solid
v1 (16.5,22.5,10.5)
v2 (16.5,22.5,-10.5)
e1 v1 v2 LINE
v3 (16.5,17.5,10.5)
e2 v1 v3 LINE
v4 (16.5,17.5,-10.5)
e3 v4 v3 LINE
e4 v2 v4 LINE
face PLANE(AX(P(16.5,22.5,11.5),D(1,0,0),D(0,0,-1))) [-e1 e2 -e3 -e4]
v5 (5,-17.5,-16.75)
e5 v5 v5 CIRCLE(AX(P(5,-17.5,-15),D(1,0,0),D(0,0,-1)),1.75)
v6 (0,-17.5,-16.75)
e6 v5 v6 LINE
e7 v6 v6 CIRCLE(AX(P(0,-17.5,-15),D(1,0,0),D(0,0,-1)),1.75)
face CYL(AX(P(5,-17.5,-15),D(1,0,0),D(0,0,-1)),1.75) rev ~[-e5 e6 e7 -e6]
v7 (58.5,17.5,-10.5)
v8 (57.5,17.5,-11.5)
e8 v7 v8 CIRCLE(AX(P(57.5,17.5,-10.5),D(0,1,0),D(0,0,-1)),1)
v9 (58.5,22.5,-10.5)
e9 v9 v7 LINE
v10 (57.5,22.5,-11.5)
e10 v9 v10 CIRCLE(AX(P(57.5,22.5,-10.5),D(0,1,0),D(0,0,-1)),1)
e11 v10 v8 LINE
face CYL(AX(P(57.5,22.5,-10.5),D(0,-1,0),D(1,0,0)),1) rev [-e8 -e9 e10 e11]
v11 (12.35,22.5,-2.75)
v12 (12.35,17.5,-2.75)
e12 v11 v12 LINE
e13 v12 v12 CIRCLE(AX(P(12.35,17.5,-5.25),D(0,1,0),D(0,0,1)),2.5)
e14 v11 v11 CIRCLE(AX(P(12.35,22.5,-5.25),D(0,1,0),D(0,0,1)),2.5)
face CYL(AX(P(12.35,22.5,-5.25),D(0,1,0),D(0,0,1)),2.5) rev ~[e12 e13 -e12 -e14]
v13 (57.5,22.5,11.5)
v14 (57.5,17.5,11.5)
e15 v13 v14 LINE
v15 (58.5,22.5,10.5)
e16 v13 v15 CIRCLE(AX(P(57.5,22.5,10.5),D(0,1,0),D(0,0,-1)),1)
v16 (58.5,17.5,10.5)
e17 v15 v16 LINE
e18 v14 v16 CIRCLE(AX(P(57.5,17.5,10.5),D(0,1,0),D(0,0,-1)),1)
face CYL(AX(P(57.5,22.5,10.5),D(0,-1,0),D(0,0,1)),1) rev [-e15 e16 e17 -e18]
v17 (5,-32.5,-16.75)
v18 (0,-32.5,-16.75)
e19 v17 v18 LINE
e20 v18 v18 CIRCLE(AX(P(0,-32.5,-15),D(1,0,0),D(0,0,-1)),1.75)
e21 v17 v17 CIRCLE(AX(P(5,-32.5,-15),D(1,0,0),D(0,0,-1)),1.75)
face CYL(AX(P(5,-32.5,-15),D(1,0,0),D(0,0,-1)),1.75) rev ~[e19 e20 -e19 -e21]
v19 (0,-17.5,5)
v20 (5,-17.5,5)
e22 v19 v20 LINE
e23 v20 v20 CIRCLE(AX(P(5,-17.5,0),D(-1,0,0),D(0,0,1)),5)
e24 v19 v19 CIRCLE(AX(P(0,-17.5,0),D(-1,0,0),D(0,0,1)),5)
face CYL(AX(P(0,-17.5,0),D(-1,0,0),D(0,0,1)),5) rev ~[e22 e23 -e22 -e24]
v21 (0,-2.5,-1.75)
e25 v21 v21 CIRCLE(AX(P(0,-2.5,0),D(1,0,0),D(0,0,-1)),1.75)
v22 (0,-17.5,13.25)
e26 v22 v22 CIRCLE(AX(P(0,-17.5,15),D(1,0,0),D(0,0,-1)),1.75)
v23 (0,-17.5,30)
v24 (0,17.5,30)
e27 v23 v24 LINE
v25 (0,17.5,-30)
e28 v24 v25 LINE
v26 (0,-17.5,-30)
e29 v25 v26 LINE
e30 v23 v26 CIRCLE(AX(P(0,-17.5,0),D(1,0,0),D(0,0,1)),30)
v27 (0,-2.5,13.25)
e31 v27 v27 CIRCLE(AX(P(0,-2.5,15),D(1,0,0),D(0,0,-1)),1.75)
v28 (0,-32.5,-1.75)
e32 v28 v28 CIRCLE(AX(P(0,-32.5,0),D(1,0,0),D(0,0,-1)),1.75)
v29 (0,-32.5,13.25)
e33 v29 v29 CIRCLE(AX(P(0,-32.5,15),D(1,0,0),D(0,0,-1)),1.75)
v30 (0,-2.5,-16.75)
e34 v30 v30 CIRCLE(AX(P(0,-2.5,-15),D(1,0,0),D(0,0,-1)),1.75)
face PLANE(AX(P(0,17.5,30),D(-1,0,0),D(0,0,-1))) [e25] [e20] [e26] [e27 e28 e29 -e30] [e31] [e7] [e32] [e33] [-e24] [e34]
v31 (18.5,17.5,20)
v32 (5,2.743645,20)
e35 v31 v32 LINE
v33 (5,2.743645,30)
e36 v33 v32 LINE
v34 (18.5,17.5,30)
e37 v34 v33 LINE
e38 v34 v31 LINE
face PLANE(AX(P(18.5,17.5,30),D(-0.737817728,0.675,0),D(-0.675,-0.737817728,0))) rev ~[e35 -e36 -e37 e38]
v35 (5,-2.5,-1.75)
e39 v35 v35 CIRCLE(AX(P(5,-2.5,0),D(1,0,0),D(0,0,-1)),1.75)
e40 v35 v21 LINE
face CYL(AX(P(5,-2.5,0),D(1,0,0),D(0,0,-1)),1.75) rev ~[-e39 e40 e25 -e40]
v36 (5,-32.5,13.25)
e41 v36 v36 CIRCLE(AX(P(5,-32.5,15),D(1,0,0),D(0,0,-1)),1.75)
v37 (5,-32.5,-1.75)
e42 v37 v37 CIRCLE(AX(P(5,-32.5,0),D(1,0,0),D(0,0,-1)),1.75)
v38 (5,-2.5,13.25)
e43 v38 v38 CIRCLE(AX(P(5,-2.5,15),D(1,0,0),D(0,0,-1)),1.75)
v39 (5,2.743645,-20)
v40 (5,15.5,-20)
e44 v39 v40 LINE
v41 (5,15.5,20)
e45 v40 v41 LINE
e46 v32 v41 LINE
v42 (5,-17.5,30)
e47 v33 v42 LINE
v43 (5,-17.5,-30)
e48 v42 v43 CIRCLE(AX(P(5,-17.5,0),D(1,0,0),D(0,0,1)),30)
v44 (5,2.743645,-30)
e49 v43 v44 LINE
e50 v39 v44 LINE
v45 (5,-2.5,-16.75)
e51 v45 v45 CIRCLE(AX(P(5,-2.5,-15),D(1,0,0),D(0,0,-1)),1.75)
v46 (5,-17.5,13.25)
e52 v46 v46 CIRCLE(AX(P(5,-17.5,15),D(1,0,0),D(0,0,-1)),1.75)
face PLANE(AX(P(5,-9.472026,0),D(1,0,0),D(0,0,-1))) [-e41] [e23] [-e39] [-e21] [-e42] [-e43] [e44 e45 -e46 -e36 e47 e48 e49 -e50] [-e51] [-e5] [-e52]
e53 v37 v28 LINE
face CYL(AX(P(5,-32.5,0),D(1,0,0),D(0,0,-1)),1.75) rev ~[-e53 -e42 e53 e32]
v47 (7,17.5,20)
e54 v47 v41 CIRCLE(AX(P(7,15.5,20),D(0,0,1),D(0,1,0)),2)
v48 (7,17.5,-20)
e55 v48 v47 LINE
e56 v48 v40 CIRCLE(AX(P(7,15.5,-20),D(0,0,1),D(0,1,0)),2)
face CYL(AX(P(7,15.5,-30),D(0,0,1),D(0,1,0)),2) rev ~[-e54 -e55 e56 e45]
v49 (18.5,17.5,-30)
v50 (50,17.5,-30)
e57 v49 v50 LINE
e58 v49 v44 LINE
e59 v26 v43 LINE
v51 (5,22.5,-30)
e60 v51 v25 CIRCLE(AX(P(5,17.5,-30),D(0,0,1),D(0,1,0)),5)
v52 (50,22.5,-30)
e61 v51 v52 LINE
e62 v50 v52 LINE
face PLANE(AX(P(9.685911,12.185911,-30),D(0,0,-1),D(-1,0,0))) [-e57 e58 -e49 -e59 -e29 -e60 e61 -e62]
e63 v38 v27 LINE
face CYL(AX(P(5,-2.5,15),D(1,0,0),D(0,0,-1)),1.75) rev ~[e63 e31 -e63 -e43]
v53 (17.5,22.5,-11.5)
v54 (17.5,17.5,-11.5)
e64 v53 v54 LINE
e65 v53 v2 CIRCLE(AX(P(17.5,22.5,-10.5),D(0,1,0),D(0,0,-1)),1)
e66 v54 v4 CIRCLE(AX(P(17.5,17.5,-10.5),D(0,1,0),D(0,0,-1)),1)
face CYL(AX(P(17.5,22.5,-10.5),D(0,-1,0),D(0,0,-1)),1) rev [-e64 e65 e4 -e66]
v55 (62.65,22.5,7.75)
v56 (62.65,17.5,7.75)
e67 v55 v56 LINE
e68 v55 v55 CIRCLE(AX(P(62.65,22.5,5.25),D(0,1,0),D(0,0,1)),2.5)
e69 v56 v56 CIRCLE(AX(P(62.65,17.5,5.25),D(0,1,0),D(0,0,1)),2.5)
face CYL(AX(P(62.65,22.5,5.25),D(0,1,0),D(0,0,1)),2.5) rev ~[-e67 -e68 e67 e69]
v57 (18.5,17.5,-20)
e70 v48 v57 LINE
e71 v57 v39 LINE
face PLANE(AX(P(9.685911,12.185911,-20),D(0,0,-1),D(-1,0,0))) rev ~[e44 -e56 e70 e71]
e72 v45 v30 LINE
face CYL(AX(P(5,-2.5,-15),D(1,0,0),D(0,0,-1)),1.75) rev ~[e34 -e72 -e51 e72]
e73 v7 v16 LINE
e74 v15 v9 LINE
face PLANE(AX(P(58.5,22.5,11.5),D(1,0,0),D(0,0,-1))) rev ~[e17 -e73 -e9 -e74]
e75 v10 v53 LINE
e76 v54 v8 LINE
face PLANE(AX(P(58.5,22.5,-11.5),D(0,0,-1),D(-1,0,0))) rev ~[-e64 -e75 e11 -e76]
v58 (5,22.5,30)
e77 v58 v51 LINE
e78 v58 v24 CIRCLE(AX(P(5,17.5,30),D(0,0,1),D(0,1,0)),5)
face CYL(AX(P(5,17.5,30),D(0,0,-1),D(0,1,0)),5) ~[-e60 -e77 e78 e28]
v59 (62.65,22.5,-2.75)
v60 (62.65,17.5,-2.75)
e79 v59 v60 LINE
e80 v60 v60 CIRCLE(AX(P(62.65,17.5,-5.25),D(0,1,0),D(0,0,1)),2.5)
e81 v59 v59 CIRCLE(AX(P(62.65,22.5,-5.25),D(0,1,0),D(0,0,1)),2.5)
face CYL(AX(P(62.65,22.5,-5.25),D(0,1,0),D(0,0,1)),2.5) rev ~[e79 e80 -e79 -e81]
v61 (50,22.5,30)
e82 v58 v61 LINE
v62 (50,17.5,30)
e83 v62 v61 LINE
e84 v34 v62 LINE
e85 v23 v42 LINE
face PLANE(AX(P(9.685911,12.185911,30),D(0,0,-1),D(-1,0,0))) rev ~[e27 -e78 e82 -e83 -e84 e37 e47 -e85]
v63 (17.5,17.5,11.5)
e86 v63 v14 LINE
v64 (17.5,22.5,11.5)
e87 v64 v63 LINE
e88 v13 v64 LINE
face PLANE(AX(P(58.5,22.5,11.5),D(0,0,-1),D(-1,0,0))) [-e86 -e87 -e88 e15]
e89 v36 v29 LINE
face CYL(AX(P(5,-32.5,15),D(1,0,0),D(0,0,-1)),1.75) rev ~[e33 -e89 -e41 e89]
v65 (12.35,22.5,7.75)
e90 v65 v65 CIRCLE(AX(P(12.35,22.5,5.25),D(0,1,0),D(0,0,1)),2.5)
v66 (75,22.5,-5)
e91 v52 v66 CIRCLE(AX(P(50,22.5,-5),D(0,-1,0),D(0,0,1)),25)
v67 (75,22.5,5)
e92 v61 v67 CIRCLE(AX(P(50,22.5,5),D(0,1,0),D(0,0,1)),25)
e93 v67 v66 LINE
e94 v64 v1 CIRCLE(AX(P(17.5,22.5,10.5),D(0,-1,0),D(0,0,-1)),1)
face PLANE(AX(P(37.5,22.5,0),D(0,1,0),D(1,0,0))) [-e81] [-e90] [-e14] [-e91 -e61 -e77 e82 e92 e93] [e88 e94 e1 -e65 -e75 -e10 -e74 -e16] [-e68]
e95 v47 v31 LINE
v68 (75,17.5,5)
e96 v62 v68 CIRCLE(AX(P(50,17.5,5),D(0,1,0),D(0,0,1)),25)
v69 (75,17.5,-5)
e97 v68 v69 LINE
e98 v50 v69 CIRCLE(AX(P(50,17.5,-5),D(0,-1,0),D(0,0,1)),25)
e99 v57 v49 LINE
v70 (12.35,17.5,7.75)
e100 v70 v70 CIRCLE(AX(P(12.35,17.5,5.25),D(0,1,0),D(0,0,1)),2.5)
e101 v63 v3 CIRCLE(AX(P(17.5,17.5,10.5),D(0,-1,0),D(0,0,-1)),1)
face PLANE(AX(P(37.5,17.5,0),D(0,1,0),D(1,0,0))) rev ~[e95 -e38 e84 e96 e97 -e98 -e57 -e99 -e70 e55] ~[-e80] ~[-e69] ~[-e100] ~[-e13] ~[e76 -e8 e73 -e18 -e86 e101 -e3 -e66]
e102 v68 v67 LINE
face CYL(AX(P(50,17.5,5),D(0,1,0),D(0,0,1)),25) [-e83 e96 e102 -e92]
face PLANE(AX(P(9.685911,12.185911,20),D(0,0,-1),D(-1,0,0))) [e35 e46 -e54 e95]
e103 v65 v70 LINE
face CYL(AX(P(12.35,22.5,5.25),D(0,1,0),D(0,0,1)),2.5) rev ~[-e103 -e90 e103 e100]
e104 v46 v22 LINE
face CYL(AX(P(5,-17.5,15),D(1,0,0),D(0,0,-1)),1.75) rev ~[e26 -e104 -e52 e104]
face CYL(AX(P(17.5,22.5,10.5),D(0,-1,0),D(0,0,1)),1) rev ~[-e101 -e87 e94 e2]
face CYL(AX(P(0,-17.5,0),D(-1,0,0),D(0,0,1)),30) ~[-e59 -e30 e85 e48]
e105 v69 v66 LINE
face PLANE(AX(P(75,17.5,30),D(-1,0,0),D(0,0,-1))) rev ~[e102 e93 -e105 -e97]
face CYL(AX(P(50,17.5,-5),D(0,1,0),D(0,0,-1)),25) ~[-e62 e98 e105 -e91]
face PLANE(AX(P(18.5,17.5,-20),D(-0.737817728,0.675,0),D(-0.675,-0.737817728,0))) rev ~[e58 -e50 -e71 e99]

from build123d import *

# Parameters (mm, degrees)
BOSS_EXTRUDE1_DEPTH = 5
CUT_EXTRUDE1_REACH  = 58.403
SKETCH2_R           = 1.75
SKETCH4_W           = 75
SKETCH4_H           = 60
BOSS_EXTRUDE2_DEPTH = 5
CUT_EXTRUDE2_REACH  = 90.459
SKETCH3_R           = 2.5
SKETCH3_W           = 23
SKETCH3_H           = 42
FILLET1_R           = 25
FILLET2_R           = 5
FILLET3_R           = 2
FILLET4_R           = 1
BOSS_EXTRUDE3_DEPTH = 10
LPATTERN1_COUNT     = 2
LPATTERN1_PITCH     = 50
CUT_EXTRUDE3_REACH  = 95.708
SKETCH7_R           = 5


with BuildPart() as part:
    # Sketch1 → Boss-Extrude1 (new body)
    with BuildSketch(Plane(origin=(0, 0, 0), x_dir=(0, 0, -1), z_dir=(1, 0, 0))):
        with BuildLine():
            ThreePointArc((-30, -17.5), (0, -47.5), (30, -17.5))
            Line((30, -17.5), (30, 17.5))
            Line((30, 17.5), (-30, 17.5))
            Line((-30, 17.5), (-30, -17.5))
        make_face()
    extrude(amount=BOSS_EXTRUDE1_DEPTH)

    # Sketch2 → Cut-Extrude1 (cut, up to next)
    with BuildSketch(Plane(origin=(5, 0, 0), x_dir=(0, 0, -1), z_dir=(1, 0, 0)), mode=Mode.PRIVATE) as cut_extrude1_sk1:
        with Locations((-15, -32.5)):
            Circle(SKETCH2_R)
    cut_extrude1_tool1 = extrude(cut_extrude1_sk1.sketch, amount=-CUT_EXTRUDE1_REACH, mode=Mode.PRIVATE) & part.part
    # Sketch2 → Cut-Extrude1 (cut, up to next)
    with BuildSketch(Plane(origin=(5, 0, 0), x_dir=(0, 0, -1), z_dir=(1, 0, 0)), mode=Mode.PRIVATE) as cut_extrude1_sk2:
        with Locations((15, -32.5)):
            Circle(SKETCH2_R)
    cut_extrude1_tool2 = extrude(cut_extrude1_sk2.sketch, amount=-CUT_EXTRUDE1_REACH, mode=Mode.PRIVATE) & part.part
    # Sketch2 → Cut-Extrude1 (cut, up to next)
    with BuildSketch(Plane(origin=(5, 0, 0), x_dir=(0, 0, -1), z_dir=(1, 0, 0)), mode=Mode.PRIVATE) as cut_extrude1_sk3:
        with Locations((-15, -2.5)):
            Circle(SKETCH2_R)
    cut_extrude1_tool3 = extrude(cut_extrude1_sk3.sketch, amount=-CUT_EXTRUDE1_REACH, mode=Mode.PRIVATE) & part.part
    # Sketch2 → Cut-Extrude1 (cut, up to next)
    with BuildSketch(Plane(origin=(5, 0, 0), x_dir=(0, 0, -1), z_dir=(1, 0, 0)), mode=Mode.PRIVATE) as cut_extrude1_sk4:
        with Locations((0, -2.5)):
            Circle(SKETCH2_R)
    cut_extrude1_tool4 = extrude(cut_extrude1_sk4.sketch, amount=-CUT_EXTRUDE1_REACH, mode=Mode.PRIVATE) & part.part
    # Sketch2 → Cut-Extrude1 (cut, up to next)
    with BuildSketch(Plane(origin=(5, 0, 0), x_dir=(0, 0, -1), z_dir=(1, 0, 0)), mode=Mode.PRIVATE) as cut_extrude1_sk5:
        with Locations((15, -2.5)):
            Circle(SKETCH2_R)
    cut_extrude1_tool5 = extrude(cut_extrude1_sk5.sketch, amount=-CUT_EXTRUDE1_REACH, mode=Mode.PRIVATE) & part.part
    # Sketch2 → Cut-Extrude1 (cut, up to next)
    with BuildSketch(Plane(origin=(5, 0, 0), x_dir=(0, 0, -1), z_dir=(1, 0, 0)), mode=Mode.PRIVATE) as cut_extrude1_sk6:
        with Locations((0, -32.5)):
            Circle(SKETCH2_R)
    cut_extrude1_tool6 = extrude(cut_extrude1_sk6.sketch, amount=-CUT_EXTRUDE1_REACH, mode=Mode.PRIVATE) & part.part
    # Sketch2 → Cut-Extrude1 (cut, up to next)
    with BuildSketch(Plane(origin=(5, 0, 0), x_dir=(0, 0, -1), z_dir=(1, 0, 0)), mode=Mode.PRIVATE) as cut_extrude1_sk7:
        with Locations((-15, -17.5)):
            Circle(SKETCH2_R)
    cut_extrude1_tool7 = extrude(cut_extrude1_sk7.sketch, amount=-CUT_EXTRUDE1_REACH, mode=Mode.PRIVATE) & part.part
    # Sketch2 → Cut-Extrude1 (cut, up to next)
    with BuildSketch(Plane(origin=(5, 0, 0), x_dir=(0, 0, -1), z_dir=(1, 0, 0)), mode=Mode.PRIVATE) as cut_extrude1_sk8:
        with Locations((15, -17.5)):
            Circle(SKETCH2_R)
    cut_extrude1_tool8 = extrude(cut_extrude1_sk8.sketch, amount=-CUT_EXTRUDE1_REACH, mode=Mode.PRIVATE) & part.part
    add(cut_extrude1_tool1.solids().sort_by_distance((5, -32.5, 15))[0], mode=Mode.SUBTRACT)
    add(cut_extrude1_tool2.solids().sort_by_distance((5, -32.5, -15))[0], mode=Mode.SUBTRACT)
    add(cut_extrude1_tool3.solids().sort_by_distance((5, -2.5, 15))[0], mode=Mode.SUBTRACT)
    add(cut_extrude1_tool4.solids().sort_by_distance((5, -2.5, 0))[0], mode=Mode.SUBTRACT)
    add(cut_extrude1_tool5.solids().sort_by_distance((5, -2.5, -15))[0], mode=Mode.SUBTRACT)
    add(cut_extrude1_tool6.solids().sort_by_distance((5, -32.5, 0))[0], mode=Mode.SUBTRACT)
    add(cut_extrude1_tool7.solids().sort_by_distance((5, -17.5, 15))[0], mode=Mode.SUBTRACT)
    add(cut_extrude1_tool8.solids().sort_by_distance((5, -17.5, -15))[0], mode=Mode.SUBTRACT)

    # Sketch4 → Boss-Extrude2 (add)
    with BuildSketch(Plane(origin=(0, 17.5, 0), x_dir=(1, 0, 0), z_dir=(0, 1, 0))):
        with Locations((37.5, 0)):
            Rectangle(SKETCH4_W, SKETCH4_H)
    extrude(amount=BOSS_EXTRUDE2_DEPTH)

    # Sketch3 → Cut-Extrude2 (cut, up to next)
    with BuildSketch(Plane(origin=(30, 22.5, 0), x_dir=(0, 0, -1), z_dir=(0, 1, 0)), mode=Mode.PRIVATE) as cut_extrude2_sk1:
        with Locations((-5.25, 17.65)):
            Circle(SKETCH3_R)
    cut_extrude2_tool1 = extrude(cut_extrude2_sk1.sketch, amount=-CUT_EXTRUDE2_REACH, mode=Mode.PRIVATE) & part.part
    # Sketch3 → Cut-Extrude2 (cut, up to next)
    with BuildSketch(Plane(origin=(30, 22.5, 0), x_dir=(0, 0, -1), z_dir=(0, 1, 0)), mode=Mode.PRIVATE) as cut_extrude2_sk2:
        with Locations((5.25, 17.65)):
            Circle(SKETCH3_R)
    cut_extrude2_tool2 = extrude(cut_extrude2_sk2.sketch, amount=-CUT_EXTRUDE2_REACH, mode=Mode.PRIVATE) & part.part
    # Sketch3 → Cut-Extrude2 (cut, up to next)
    with BuildSketch(Plane(origin=(30, 22.5, 0), x_dir=(0, 0, -1), z_dir=(0, 1, 0)), mode=Mode.PRIVATE) as cut_extrude2_sk3:
        with Locations((5.25, -32.65)):
            Circle(SKETCH3_R)
    cut_extrude2_tool3 = extrude(cut_extrude2_sk3.sketch, amount=-CUT_EXTRUDE2_REACH, mode=Mode.PRIVATE) & part.part
    # Sketch3 → Cut-Extrude2 (cut, up to next)
    with BuildSketch(Plane(origin=(30, 22.5, 0), x_dir=(0, 0, -1), z_dir=(0, 1, 0)), mode=Mode.PRIVATE) as cut_extrude2_sk4:
        with Locations((-5.25, -32.65)):
            Circle(SKETCH3_R)
    cut_extrude2_tool4 = extrude(cut_extrude2_sk4.sketch, amount=-CUT_EXTRUDE2_REACH, mode=Mode.PRIVATE) & part.part
    # Sketch3 → Cut-Extrude2 (cut, up to next)
    with BuildSketch(Plane(origin=(30, 22.5, 0), x_dir=(0, 0, -1), z_dir=(0, 1, 0)), mode=Mode.PRIVATE) as cut_extrude2_sk5:
        with Locations((0, -7.5)):
            Rectangle(SKETCH3_W, SKETCH3_H)
    cut_extrude2_tool5 = extrude(cut_extrude2_sk5.sketch, amount=-CUT_EXTRUDE2_REACH, mode=Mode.PRIVATE) & part.part
    add(cut_extrude2_tool1.solids().sort_by_distance((12.35, 22.5, 5.25))[0], mode=Mode.SUBTRACT)
    add(cut_extrude2_tool2.solids().sort_by_distance((12.35, 22.5, -5.25))[0], mode=Mode.SUBTRACT)
    add(cut_extrude2_tool3.solids().sort_by_distance((62.65, 22.5, -5.25))[0], mode=Mode.SUBTRACT)
    add(cut_extrude2_tool4.solids().sort_by_distance((62.65, 22.5, 5.25))[0], mode=Mode.SUBTRACT)
    add(cut_extrude2_tool5.solids().sort_by_distance((37.5, 22.5, 0))[0], mode=Mode.SUBTRACT)

    # Fillet1
    fillet1_edges = [part.edges().sort_by_distance(p)[0] for p in [
        (75, 20, -30),
        (75, 20, 30),
    ]]
    fillet(fillet1_edges, radius=FILLET1_R)

    # Fillet2
    fillet2_edges = [part.edges().sort_by_distance(p)[0] for p in [
        (0, 22.5, 0),
    ]]
    fillet(fillet2_edges, radius=FILLET2_R)

    # Fillet3
    fillet3_edges = [part.edges().sort_by_distance(p)[0] for p in [
        (5, 17.5, 0),
    ]]
    fillet(fillet3_edges, radius=FILLET3_R)

    # Fillet4
    fillet4_edges = [part.edges().sort_by_distance(p)[0] for p in [
        (16.5, 20, -11.5),
        (58.5, 20, -11.5),
        (58.5, 20, 11.5),
        (16.5, 20, 11.5),
    ]]
    fillet(fillet4_edges, radius=FILLET4_R)

    # Sketch6 → Boss-Extrude3 (add)
    with BuildSketch(Plane.XY.offset(30)):
        Polygon((18.5, 17.5), (5, 2.743645437), (5, 17.5), align=None)
    boss_extrude3 = extrude(amount=-BOSS_EXTRUDE3_DEPTH)

    # LPattern1: Boss-Extrude3 ×2
    with Locations(*[(0, 0, -i * LPATTERN1_PITCH) for i in range(1, LPATTERN1_COUNT)]):
        add(boss_extrude3)

    # Sketch7 → Cut-Extrude3 (cut, up to next)
    with BuildSketch(Plane.ZY, mode=Mode.PRIVATE) as cut_extrude3_sk1:
        with Locations((0, -17.5)):
            Circle(SKETCH7_R)
    cut_extrude3_tool1 = extrude(cut_extrude3_sk1.sketch, amount=-CUT_EXTRUDE3_REACH, mode=Mode.PRIVATE) & part.part
    add(cut_extrude3_tool1.solids().sort_by_distance((0, -17.5, 0))[0], mode=Mode.SUBTRACT)


solid = part.part
